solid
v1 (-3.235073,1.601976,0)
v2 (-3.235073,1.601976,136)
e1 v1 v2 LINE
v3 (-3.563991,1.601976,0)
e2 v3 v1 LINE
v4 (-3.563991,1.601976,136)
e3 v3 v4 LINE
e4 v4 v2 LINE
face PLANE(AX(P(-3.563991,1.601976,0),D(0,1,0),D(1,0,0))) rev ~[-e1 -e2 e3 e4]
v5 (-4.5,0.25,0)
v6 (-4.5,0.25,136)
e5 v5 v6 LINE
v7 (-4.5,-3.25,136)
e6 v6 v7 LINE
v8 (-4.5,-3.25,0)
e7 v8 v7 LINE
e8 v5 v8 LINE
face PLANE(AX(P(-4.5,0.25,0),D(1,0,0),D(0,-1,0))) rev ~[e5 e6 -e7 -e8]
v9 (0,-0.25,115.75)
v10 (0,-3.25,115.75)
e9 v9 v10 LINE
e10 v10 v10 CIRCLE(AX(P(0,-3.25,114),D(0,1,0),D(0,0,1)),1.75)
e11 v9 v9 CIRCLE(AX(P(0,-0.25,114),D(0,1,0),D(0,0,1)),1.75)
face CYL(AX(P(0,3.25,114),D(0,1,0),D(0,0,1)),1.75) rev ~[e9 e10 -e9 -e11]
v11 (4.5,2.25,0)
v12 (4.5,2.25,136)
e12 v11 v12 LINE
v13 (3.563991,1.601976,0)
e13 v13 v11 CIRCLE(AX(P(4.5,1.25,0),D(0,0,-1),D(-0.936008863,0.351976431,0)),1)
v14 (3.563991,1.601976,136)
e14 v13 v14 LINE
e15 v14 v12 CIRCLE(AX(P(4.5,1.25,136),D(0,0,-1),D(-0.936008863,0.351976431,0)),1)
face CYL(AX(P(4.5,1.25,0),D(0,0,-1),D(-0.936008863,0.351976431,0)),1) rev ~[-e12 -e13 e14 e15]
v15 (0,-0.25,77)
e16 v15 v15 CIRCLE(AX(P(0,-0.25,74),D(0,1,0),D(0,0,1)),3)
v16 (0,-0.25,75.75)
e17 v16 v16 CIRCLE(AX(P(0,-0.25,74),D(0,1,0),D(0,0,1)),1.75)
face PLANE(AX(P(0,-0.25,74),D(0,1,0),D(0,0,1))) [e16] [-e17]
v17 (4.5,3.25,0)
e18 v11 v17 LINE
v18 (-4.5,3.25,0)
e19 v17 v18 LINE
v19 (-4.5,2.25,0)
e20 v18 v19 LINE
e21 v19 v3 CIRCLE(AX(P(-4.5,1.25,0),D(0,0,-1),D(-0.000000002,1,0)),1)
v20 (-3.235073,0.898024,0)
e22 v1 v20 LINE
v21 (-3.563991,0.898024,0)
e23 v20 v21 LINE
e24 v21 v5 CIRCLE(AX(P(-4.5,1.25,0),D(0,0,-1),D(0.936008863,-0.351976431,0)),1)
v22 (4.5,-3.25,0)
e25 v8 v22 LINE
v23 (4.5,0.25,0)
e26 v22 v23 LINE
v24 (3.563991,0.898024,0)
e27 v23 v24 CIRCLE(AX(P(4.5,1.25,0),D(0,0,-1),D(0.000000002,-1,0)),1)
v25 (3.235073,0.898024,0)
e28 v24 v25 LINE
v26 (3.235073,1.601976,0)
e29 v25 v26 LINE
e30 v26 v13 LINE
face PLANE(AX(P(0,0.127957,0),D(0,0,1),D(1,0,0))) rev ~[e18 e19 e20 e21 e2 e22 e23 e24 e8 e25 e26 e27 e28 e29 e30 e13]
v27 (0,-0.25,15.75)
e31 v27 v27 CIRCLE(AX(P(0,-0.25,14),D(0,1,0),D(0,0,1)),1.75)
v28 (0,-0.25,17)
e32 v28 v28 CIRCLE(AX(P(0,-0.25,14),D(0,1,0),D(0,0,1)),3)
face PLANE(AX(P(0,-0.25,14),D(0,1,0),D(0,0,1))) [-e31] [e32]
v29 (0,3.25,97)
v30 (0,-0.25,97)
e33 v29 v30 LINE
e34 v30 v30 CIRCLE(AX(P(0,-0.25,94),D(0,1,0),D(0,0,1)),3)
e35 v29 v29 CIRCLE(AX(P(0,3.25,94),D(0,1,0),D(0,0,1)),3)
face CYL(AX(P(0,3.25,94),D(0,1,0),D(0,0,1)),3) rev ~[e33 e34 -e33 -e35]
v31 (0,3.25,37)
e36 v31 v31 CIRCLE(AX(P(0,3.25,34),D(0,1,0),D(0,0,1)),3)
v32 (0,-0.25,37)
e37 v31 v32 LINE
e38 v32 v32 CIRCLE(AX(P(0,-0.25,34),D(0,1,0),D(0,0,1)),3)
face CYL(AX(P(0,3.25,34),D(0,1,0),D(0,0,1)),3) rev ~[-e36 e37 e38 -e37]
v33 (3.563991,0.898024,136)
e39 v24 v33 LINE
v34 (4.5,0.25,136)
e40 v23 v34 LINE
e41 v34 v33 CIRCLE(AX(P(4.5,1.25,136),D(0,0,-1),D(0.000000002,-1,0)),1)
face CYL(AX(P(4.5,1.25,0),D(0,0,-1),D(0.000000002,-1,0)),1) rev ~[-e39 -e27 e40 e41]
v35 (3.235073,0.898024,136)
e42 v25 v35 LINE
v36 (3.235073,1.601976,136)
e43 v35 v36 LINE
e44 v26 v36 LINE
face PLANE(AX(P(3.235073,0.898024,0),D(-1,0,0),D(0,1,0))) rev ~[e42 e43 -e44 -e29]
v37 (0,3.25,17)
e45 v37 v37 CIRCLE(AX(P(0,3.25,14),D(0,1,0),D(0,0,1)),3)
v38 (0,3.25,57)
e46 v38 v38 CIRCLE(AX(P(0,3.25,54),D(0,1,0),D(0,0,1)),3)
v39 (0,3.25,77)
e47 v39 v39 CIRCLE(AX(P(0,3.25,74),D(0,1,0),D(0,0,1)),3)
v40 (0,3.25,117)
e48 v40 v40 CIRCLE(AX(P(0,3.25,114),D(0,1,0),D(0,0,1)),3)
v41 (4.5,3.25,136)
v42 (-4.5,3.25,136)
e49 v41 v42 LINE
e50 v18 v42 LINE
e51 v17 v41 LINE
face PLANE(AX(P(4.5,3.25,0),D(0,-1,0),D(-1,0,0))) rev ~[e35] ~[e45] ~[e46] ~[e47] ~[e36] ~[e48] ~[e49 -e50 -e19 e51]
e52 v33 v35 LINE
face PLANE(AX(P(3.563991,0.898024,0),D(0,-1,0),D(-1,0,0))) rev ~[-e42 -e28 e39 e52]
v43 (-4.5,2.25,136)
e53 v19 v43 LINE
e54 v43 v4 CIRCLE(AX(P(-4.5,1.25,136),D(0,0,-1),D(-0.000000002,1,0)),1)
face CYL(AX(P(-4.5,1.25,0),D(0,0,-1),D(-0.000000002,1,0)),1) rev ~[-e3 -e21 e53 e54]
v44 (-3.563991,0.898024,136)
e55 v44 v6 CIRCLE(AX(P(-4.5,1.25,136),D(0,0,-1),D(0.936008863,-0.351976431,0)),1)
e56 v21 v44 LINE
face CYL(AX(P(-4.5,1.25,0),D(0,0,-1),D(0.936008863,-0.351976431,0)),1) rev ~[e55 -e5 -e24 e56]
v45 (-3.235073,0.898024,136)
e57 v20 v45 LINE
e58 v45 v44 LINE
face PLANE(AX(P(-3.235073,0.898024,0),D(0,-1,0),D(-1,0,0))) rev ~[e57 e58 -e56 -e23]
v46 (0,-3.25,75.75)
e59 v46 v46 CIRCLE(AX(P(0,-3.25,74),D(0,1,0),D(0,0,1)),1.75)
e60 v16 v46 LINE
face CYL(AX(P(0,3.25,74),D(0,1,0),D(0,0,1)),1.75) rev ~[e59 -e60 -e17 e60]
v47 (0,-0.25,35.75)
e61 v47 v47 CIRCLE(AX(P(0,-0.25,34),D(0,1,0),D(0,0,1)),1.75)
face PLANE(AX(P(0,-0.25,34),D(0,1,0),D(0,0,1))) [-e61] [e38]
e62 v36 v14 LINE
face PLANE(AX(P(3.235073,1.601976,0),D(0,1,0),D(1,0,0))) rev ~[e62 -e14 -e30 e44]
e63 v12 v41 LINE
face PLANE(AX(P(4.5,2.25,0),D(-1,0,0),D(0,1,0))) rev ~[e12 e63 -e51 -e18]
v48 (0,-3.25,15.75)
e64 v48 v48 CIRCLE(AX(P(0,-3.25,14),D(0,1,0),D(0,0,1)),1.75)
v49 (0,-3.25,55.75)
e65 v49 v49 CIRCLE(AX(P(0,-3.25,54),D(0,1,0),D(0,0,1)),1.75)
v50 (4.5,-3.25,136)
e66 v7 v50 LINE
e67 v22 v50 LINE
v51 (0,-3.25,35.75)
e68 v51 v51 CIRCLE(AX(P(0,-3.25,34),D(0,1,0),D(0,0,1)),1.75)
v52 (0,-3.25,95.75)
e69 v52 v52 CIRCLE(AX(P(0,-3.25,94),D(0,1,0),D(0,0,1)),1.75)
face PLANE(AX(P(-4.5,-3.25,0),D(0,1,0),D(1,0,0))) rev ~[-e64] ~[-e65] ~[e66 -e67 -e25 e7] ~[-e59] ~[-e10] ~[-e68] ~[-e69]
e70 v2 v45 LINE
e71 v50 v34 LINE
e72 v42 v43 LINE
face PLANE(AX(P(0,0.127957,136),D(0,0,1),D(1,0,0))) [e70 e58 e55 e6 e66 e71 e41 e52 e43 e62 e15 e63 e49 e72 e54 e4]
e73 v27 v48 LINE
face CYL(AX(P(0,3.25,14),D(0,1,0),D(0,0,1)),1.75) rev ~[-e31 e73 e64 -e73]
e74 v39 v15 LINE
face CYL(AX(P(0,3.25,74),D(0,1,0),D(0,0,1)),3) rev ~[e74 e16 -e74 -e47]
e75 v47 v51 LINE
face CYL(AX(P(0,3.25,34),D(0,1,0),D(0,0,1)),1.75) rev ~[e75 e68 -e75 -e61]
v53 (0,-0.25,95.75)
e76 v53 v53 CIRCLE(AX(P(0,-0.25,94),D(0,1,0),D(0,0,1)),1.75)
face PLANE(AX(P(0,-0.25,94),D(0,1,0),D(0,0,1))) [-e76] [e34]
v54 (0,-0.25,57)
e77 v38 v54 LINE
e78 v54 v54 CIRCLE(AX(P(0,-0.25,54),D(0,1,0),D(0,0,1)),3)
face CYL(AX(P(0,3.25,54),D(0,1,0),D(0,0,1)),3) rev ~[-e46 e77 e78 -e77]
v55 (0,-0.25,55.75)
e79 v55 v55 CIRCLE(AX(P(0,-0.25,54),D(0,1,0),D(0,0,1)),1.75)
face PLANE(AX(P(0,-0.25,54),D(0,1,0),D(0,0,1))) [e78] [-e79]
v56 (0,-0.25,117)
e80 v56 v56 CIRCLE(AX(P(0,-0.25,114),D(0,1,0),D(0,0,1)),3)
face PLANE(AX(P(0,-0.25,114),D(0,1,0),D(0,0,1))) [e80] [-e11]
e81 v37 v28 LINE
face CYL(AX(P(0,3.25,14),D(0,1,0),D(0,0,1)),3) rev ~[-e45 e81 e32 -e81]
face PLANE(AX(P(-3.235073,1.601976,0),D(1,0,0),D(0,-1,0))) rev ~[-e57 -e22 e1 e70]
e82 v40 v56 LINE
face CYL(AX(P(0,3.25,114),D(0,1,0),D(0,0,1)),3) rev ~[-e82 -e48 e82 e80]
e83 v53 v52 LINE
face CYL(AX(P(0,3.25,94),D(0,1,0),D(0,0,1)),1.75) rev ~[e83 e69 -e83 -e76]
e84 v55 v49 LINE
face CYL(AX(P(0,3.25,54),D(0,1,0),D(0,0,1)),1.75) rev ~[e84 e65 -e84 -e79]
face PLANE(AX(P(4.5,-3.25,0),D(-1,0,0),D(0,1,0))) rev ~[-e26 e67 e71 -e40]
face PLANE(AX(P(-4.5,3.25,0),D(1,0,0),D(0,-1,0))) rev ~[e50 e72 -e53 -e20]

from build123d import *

# Parameters (mm, degrees)
EXTRUDE1_DEPTH  = 136
SKETCH2_R       = 3
EXTRUDE2_DEPTH  = 3.5
SKETCH_R        = 1.75
EXTRUDE3_DEPTH  = 137.229585627
LPATTERN1_COUNT = 6
LPATTERN1_PITCH = 20


with BuildPart() as part:
    # Sketch1 → Extrude1 (new body)
    with BuildSketch(Plane.XY):
        with BuildLine():
            Line((-4.5, -3.25), (4.5, -3.25))
            Line((4.5, -3.25), (4.5, 0.25))
            ThreePointArc((4.5, 0.25), (3.93077967, 0.427814974), (3.563991137, 0.898023568))
            Line((3.563991137, 0.898023568), (3.235073025, 0.898023568))
            Line((3.235073025, 0.898023568), (3.235073025, 1.601976432))
            Line((3.235073025, 1.601976432), (3.563991137, 1.601976432))
            ThreePointArc((3.563991137, 1.601976432), (3.93077967, 2.072185026), (4.5, 2.25))
            Line((4.5, 2.25), (4.5, 3.25))
            Line((4.5, 3.25), (-4.5, 3.25))
            Line((-4.5, 3.25), (-4.5, 2.25))
            ThreePointArc((-4.5, 2.25), (-3.93077967, 2.072185026), (-3.563991137, 1.601976432))
            Line((-3.563991137, 1.601976432), (-3.235073025, 1.601976432))
            Line((-3.235073025, 1.601976432), (-3.235073025, 0.898023568))
            Line((-3.235073025, 0.898023568), (-3.563991137, 0.898023568))
            ThreePointArc((-3.563991137, 0.898023568), (-3.93077967, 0.427814974), (-4.5, 0.25))
            Line((-4.5, 0.25), (-4.5, -3.25))
        make_face()
    extrude(amount=EXTRUDE1_DEPTH)

    # Sketch2 → Extrude2 (cut)
    with BuildSketch(Plane(origin=(0, 3.25, 0), x_dir=(1, 0, 0), z_dir=(0, 1, 0))):
        with Locations((0, -14)):
            Circle(SKETCH2_R)
    extrude2 = extrude(amount=-EXTRUDE2_DEPTH, mode=Mode.SUBTRACT)

    # Sketch → Extrude3 (cut, through all)
    with BuildSketch(Plane(origin=(0, 3.25, 0), x_dir=(1, 0, 0), z_dir=(0, 1, 0))):
        with Locations((0, -14)):
            Circle(SKETCH_R)
    extrude3 = extrude(amount=-EXTRUDE3_DEPTH, mode=Mode.SUBTRACT)

    # LPattern1: Extrude2, Extrude3 ×6
    with Locations(*[(0, 0, i * LPATTERN1_PITCH) for i in range(1, LPATTERN1_COUNT)]):
        add(extrude2, mode=Mode.SUBTRACT)
        add(extrude3, mode=Mode.SUBTRACT)


solid = part.part
